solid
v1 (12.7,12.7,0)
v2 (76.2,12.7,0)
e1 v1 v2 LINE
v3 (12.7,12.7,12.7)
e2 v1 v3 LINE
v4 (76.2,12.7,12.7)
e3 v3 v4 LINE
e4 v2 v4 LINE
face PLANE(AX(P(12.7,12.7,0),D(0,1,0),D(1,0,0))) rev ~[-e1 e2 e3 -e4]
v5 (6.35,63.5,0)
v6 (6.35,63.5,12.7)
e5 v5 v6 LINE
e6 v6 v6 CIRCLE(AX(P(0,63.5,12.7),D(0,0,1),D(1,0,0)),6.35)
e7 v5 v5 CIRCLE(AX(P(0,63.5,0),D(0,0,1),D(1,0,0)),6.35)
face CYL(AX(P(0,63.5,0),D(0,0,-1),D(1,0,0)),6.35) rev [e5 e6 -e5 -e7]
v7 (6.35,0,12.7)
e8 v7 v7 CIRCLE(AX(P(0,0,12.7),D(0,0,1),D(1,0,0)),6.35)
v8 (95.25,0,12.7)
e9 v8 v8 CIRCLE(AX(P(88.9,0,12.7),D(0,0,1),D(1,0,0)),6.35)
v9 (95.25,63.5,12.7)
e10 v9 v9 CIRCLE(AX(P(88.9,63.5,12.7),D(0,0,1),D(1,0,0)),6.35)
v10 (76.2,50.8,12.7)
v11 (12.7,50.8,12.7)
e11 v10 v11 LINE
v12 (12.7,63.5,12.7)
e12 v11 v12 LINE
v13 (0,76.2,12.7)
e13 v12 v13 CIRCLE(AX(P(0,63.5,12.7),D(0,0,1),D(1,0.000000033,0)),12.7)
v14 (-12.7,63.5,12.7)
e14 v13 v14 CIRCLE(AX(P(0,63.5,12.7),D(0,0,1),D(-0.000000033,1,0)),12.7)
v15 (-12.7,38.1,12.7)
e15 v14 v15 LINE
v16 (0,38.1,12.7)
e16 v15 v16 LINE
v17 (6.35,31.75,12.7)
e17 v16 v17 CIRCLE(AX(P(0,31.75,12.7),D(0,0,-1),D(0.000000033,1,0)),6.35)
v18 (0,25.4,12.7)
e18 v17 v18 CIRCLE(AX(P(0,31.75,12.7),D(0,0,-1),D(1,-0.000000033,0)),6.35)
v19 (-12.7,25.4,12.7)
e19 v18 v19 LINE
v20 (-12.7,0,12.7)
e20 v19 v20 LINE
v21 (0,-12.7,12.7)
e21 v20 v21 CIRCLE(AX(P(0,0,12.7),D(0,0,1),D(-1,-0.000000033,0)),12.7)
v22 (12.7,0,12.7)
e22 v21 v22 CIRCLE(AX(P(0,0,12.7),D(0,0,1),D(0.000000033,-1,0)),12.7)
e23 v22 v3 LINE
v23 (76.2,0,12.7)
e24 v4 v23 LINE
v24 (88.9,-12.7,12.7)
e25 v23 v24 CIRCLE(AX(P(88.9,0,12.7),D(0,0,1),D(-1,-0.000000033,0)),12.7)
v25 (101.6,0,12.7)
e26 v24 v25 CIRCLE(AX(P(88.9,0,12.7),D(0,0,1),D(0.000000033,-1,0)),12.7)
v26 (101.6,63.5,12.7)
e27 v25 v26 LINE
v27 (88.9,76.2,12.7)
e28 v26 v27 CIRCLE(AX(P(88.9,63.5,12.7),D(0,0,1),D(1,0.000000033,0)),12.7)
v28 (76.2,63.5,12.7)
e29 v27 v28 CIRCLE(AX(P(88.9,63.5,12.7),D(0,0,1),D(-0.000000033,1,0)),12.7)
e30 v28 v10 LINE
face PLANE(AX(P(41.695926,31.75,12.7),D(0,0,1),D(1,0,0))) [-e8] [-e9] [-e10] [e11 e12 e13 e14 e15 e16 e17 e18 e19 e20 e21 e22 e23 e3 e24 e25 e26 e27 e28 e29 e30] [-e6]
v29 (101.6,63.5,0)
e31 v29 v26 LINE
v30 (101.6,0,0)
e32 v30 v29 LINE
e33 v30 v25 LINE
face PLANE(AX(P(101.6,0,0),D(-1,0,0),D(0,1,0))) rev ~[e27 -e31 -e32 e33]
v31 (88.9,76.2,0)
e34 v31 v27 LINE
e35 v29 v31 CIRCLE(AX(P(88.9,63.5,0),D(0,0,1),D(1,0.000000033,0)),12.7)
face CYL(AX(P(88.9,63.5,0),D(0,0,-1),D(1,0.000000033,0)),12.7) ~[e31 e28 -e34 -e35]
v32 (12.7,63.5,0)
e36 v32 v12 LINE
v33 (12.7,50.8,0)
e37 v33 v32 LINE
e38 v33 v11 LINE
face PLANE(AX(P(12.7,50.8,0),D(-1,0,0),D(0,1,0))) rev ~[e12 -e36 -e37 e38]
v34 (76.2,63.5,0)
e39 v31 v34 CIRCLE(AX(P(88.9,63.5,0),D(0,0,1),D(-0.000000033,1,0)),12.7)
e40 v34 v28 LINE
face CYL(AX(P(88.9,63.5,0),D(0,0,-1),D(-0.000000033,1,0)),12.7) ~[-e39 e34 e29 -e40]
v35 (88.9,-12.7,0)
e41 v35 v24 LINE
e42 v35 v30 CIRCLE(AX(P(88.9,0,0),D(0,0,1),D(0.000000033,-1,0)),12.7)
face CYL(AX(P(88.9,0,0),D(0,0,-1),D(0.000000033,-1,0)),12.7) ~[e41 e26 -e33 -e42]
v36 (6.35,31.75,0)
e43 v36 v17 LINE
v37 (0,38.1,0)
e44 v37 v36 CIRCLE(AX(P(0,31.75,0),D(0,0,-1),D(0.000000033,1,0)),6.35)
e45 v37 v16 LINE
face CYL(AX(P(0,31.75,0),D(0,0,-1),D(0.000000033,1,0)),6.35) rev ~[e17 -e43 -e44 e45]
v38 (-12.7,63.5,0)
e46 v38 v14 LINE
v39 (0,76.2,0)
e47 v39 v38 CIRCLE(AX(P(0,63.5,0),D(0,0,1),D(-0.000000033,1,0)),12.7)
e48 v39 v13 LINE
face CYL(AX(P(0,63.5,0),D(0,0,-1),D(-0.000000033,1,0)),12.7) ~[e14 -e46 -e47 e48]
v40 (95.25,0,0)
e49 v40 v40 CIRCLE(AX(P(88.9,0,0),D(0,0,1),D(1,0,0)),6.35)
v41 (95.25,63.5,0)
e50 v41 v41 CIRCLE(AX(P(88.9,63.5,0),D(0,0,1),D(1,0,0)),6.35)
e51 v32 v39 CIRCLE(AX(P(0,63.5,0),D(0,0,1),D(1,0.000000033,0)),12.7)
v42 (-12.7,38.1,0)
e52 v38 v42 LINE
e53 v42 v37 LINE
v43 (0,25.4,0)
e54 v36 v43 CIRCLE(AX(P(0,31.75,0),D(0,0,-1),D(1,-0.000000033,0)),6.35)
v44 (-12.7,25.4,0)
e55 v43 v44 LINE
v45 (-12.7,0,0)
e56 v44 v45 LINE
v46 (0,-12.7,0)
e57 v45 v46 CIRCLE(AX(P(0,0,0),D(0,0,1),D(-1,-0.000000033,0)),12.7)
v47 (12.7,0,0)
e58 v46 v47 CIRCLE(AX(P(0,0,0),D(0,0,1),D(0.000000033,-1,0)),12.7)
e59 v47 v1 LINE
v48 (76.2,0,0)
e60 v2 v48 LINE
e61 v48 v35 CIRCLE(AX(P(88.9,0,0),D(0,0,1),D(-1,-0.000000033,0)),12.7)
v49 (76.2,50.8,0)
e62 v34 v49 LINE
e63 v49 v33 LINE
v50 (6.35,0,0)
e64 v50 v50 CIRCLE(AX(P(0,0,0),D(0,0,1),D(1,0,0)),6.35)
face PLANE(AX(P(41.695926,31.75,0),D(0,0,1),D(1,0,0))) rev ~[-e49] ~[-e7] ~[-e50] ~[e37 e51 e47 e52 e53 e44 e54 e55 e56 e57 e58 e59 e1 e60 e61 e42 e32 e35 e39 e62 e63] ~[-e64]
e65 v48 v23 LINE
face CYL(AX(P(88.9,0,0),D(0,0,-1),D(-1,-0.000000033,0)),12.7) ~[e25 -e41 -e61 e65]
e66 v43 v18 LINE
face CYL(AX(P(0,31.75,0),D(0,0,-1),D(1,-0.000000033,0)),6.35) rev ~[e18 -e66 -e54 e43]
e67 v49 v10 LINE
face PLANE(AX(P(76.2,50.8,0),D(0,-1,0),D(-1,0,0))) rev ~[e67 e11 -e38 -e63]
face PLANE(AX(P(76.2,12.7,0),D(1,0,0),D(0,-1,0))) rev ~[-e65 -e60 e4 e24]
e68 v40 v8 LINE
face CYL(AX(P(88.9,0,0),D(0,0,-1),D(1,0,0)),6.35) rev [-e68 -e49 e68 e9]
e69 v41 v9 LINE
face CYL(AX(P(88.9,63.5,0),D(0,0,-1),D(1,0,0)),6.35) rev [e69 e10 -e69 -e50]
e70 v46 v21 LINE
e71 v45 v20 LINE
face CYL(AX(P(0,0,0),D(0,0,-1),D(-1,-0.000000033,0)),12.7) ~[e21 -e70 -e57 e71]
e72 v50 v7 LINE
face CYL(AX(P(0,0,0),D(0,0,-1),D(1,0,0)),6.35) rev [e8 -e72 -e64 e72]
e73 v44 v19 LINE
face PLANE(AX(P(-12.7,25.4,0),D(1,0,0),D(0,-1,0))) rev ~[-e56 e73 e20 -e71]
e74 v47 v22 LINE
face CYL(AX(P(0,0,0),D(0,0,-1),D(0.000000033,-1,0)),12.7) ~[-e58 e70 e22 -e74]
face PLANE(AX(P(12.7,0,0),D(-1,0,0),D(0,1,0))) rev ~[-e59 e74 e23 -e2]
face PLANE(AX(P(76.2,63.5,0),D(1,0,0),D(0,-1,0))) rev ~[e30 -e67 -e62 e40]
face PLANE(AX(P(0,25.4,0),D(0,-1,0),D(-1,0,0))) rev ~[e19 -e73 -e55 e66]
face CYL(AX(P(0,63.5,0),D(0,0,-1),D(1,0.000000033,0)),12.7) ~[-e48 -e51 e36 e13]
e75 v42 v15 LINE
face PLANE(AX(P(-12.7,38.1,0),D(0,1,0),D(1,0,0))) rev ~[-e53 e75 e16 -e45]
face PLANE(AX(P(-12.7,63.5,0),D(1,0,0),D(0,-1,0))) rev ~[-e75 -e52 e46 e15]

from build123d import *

# Parameters (mm, degrees)
F0_R     = 6.35
F1_DEPTH = 12.7


with BuildPart() as f1:
    # F0 (on Top) → F1 (new body)
    with BuildSketch(Plane.XY):
        with BuildLine():
            ThreePointArc((76.2, 0), (79.919744, -8.980256), (88.9, -12.7))
            ThreePointArc((88.9, -12.7), (97.880256, -8.980256), (101.6, 0))
            Line((101.6, 0), (101.6, 12.7))
            Line((101.6, 12.7), (101.6, 50.8))
            Line((101.6, 50.8), (101.6, 63.5))
            ThreePointArc((101.6, 63.5), (97.880256, 72.480256), (88.9, 76.2))
            ThreePointArc((88.9, 76.2), (79.919744, 72.480256), (76.2, 63.5))
            Line((76.2, 63.5), (76.2, 50.8))
            Line((76.2, 50.8), (12.7, 50.8))
            Line((12.7, 50.8), (12.7, 63.5))
            ThreePointArc((12.7, 63.5), (8.980256, 72.480256), (0, 76.2))
            ThreePointArc((0, 76.2), (-8.980256, 72.480256), (-12.7, 63.5))
            Line((-12.7, 63.5), (-12.7, 50.8))
            Line((-12.7, 50.8), (-12.7, 38.1))
            Line((-12.7, 38.1), (0, 38.1))
            ThreePointArc((0, 38.1), (4.490128, 36.240128), (6.35, 31.75))
            ThreePointArc((6.35, 31.75), (4.490128, 27.259872), (0, 25.4))
            Line((0, 25.4), (-12.7, 25.4))
            Line((-12.7, 25.4), (-12.7, 12.7))
            Line((-12.7, 12.7), (-12.7, 0))
            ThreePointArc((-12.7, 0), (-8.980256, -8.980256), (0, -12.7))
            ThreePointArc((0, -12.7), (8.980256, -8.980256), (12.7, 0))
            Line((12.7, 0), (12.7, 12.7))
            Line((12.7, 12.7), (76.2, 12.7))
            Line((76.2, 12.7), (76.2, 0))
        make_face()
        Circle(F0_R, mode=Mode.SUBTRACT)
        with Locations((88.9, 0)):
            Circle(F0_R, mode=Mode.SUBTRACT)
        with Locations((0, 63.5)):
            Circle(F0_R, mode=Mode.SUBTRACT)
        with Locations((88.9, 63.5)):
            Circle(F0_R, mode=Mode.SUBTRACT)
    extrude(amount=F1_DEPTH)


solid = f1.part
